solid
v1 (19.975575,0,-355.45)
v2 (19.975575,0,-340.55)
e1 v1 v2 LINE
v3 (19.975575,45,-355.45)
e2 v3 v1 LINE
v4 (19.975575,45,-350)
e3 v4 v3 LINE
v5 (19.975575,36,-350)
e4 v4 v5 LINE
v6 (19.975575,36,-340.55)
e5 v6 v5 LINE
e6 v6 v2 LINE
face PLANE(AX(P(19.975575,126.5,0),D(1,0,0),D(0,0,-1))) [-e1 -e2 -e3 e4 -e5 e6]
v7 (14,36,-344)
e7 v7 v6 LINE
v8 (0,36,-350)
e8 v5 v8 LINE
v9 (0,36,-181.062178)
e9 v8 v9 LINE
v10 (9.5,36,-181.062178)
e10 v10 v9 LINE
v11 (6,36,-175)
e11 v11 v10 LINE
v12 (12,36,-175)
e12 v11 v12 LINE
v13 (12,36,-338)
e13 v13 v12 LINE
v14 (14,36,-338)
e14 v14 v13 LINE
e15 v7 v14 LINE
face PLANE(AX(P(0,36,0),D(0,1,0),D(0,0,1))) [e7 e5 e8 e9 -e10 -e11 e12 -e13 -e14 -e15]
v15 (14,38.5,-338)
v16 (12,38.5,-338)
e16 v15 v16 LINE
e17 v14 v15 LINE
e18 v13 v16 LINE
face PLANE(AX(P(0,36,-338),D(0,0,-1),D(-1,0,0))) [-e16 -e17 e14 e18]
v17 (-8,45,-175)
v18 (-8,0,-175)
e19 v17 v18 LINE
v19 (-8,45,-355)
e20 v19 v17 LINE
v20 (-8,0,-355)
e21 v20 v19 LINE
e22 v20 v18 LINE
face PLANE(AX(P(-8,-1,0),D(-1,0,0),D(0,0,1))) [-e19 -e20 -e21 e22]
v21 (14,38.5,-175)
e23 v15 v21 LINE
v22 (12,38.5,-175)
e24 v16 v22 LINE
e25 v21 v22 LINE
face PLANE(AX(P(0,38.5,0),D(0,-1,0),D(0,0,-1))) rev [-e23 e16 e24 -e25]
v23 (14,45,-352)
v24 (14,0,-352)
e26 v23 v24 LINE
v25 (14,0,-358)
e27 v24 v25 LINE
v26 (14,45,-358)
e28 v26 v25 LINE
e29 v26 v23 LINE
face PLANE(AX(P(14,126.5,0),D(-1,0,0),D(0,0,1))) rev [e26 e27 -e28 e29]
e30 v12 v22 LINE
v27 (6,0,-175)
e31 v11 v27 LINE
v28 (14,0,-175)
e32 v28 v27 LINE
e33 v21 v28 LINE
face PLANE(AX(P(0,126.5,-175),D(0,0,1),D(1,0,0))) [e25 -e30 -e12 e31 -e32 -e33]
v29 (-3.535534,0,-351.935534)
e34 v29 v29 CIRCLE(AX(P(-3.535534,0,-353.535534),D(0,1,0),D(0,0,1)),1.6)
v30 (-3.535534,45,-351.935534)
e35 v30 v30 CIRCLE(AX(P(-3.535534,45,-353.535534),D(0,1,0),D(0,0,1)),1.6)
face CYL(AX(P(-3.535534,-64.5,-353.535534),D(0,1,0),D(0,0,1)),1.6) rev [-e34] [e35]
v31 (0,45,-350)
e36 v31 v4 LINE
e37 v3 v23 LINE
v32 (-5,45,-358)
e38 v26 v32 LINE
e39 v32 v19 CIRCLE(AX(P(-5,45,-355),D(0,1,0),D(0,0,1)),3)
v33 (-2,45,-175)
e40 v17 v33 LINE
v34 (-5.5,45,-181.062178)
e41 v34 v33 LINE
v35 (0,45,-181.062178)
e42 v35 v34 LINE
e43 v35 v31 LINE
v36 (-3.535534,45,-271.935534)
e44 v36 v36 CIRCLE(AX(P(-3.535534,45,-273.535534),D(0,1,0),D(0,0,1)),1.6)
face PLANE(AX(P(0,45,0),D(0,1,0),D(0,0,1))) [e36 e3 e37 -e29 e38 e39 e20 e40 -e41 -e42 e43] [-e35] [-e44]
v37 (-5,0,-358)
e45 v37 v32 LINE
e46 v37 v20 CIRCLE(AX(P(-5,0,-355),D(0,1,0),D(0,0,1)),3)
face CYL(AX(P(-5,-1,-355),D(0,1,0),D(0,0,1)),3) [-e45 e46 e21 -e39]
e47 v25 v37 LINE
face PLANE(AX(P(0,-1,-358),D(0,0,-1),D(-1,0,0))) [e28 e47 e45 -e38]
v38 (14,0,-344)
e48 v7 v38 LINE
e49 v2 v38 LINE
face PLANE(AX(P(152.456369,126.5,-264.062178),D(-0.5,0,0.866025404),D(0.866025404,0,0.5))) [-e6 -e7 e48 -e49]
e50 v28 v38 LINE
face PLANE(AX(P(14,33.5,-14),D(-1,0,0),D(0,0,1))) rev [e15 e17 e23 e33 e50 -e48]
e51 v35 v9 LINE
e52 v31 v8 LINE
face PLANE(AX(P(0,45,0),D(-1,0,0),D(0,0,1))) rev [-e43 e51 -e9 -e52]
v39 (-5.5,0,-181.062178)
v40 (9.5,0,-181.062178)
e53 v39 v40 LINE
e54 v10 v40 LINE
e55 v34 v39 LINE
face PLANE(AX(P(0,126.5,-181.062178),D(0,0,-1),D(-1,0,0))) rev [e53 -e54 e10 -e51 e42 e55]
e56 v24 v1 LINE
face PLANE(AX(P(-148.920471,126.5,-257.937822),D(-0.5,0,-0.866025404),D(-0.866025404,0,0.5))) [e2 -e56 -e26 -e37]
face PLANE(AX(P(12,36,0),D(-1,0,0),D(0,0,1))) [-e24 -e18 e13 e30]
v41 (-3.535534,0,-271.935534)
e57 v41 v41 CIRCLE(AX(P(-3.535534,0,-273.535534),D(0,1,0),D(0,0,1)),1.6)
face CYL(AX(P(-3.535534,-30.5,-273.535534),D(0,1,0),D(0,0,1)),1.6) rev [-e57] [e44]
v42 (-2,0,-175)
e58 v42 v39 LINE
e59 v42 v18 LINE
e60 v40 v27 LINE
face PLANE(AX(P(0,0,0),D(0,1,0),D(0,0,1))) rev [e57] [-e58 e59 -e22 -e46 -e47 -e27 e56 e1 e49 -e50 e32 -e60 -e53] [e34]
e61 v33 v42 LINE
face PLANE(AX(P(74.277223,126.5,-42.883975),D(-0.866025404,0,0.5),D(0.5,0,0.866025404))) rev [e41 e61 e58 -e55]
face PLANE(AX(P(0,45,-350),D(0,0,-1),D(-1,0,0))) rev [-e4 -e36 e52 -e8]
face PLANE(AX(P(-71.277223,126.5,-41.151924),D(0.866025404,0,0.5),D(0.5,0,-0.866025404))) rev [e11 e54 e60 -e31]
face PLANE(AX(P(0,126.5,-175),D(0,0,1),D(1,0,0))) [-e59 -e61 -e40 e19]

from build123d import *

# Parameters (mm, degrees)
SKETCH_1_W           = 270
SKETCH_1_H           = 370
SKETCH_1_W_2         = 250
SKETCH_1_H_2         = 350
EXTRUDE_2_DEPTH      = 45
SKETCH_4_W           = 250
SKETCH_4_H           = 350
SKETCH_4_W_2         = 222
SKETCH_4_H_2         = 322
EXTRUDE_3_DEPTH      = 5
SKETCH_9_W           = 246
SKETCH_9_H           = 346
SKETCH_9_W_2         = 226
SKETCH_9_H_2         = 326
CUT_EXTRUDE_3_DEPTH  = 2.5
SKETCH_12_R          = 1.6
CUT_EXTRUDE_5_DEPTH  = 109.5
FILLET_1_R           = 5
SKETCH_13_W          = 250
SKETCH_13_H          = 350
SKETCH_13_W_2        = 222
SKETCH_13_H_2        = 322
EXTRUDE_4_DEPTH      = 33.5
CUT_EXTRUDE_START    = -126.5
SKETCH_14_R          = 1.6
CUT_EXTRUDE_10_DEPTH = 126.5
CUT_EXTRUDE_11_DEPTH = 46
CUT_EXTRUDE_13_DEPTH = 2.5
SKETCH_17_R          = 1.6
CUT_EXTRUDE_14_DEPTH = 75.5


with BuildPart() as part:
    # 草图1 → 凸台-拉伸2 (new body)
    with BuildSketch(Plane(origin=(0, 0, 0), x_dir=(1, 0, 0), z_dir=(0, 1, 0))):
        with Locations((125, 175)):
            Rectangle(SKETCH_1_W, SKETCH_1_H)
        with Locations((125, 175)):
            Rectangle(SKETCH_1_W_2, SKETCH_1_H_2, mode=Mode.SUBTRACT)
    extrude(amount=EXTRUDE_2_DEPTH)

    # 草图4 → 凸台-拉伸3 (add)
    with BuildSketch(Plane(origin=(0, 38.5, 0), x_dir=(1, 0, 0), z_dir=(0, 1, 0))):
        with Locations((125, 175)):
            Rectangle(SKETCH_4_W, SKETCH_4_H)
        with Locations((125, 175)):
            Rectangle(SKETCH_4_W_2, SKETCH_4_H_2, mode=Mode.SUBTRACT)
    extrude(amount=-EXTRUDE_3_DEPTH)

    # 草图9 → 切除-拉伸3 (cut)
    with BuildSketch(Plane(origin=(0, 38.5, 0), x_dir=(1, 0, 0), z_dir=(0, 1, 0))):
        with Locations((125, 175)):
            Rectangle(SKETCH_9_W, SKETCH_9_H)
        with Locations((125, 175)):
            Rectangle(SKETCH_9_W_2, SKETCH_9_H_2, mode=Mode.SUBTRACT)
    extrude(amount=-CUT_EXTRUDE_3_DEPTH, mode=Mode.SUBTRACT)

    # 草图12 → 切除-拉伸5 (cut)
    with BuildSketch(Plane(origin=(0, 45, 0), x_dir=(1, 0, 0), z_dir=(0, 1, 0))):
        with Locations(Location((-3.535533906, -3.535533906, 0), (0, 0, 270))):
            Circle(SKETCH_12_R)
        with BuildLine():
            ThreePointArc((-4.666904756, 354.666904756), (-4.666904756, 352.404163056), (-2.404163056, 352.404163056))
            Line((-2.404163056, 352.404163056), (-4.666904756, 354.666904756))
        make_face()
        with BuildLine():
            Line((-4.666904756, 354.666904756), (-2.404163056, 352.404163056))
            ThreePointArc((-2.404163056, 352.404163056), (-2.057326654, 352.923240414), (-1.935533906, 353.535533906))
            ThreePointArc((-1.935533906, 353.535533906), (-2.923240414, 355.013741158), (-4.666904756, 354.666904756))
        make_face()
        with Locations(Location((253.535533906, 353.535533906, 0), (0, 0, 270))):
            Circle(SKETCH_12_R)
        with Locations(Location((253.535533906, -3.535533906, 0), (0, 0, 270))):
            Circle(SKETCH_12_R)
    extrude(amount=-CUT_EXTRUDE_5_DEPTH, mode=Mode.SUBTRACT)

    # 圆角1
    fillet_1_edges = [part.edges().sort_by_distance(p)[0] for p in [
        (-10, 22.5, 10),
        (-10, 22.5, -360),
        (260, 22.5, -360),
        (260, 22.5, 10),
    ]]
    fillet(fillet_1_edges, radius=FILLET_1_R)

    # 草图13 → 凸台-拉伸4 (add)
    with BuildSketch(Plane.XZ.offset(-33.5)):
        with Locations((125, -175)):
            Rectangle(SKETCH_13_W, SKETCH_13_H)
        with Locations((125, -175)):
            Rectangle(SKETCH_13_W_2, SKETCH_13_H_2, mode=Mode.SUBTRACT)
    extrude(amount=EXTRUDE_4_DEPTH)

    # 草图14 → 切除-拉伸10 (cut)
    # profile 1 of 10: a face of its own
    with BuildSketch(Plane.XZ.offset(CUT_EXTRUDE_START)):
        with BuildLine():
            Line((14, -175), (14, -14))
            Line((14, -14), (14, -6))
            Line((14, -6), (14, 2))
            Line((14, 2), (14, 10))
            Line((14, 10), (-5, 10))
            ThreePointArc((-5, 10), (-8.535533906, 8.535533906), (-10, 5))
            Line((-10, 5), (-10, -175))
            Line((-10, -175), (-2, -175))
            Line((-2, -175), (6, -175))
            Line((6, -175), (14, -175))
        make_face()
        with Locations((-3.535533906, 3.535533906)):
            Circle(SKETCH_14_R, mode=Mode.SUBTRACT)
    # profile 2 of 10: a face of its own
    with BuildSketch(Plane.XZ.offset(CUT_EXTRUDE_START)):
        Polygon((9.5, -181.062177826), (6, -175), (-2, -175), (-5.5, -181.062177826), align=None)
    # profile 3 of 10: a face of its own
    with BuildSketch(Plane.XZ.offset(CUT_EXTRUDE_START)):
        with Locations((-3.535533906, 3.535533906)):
            Circle(SKETCH_14_R)
    # profile 4 of 10: a face of its own
    with BuildSketch(Plane.XZ.offset(CUT_EXTRUDE_START)):
        Polygon((14, -6), (14, -14), (125, -14), (125, 10), (14, 10), (14, 2), (19.975575286, 5.45), (19.975575286, -9.45), align=None)
    # profile 5 of 10: a face of its own
    with BuildSketch(Plane.XZ.offset(CUT_EXTRUDE_START)):
        Polygon((14, 2), (14, -6), (19.975575286, -9.45), (19.975575286, 5.45), align=None)
    # profile 6 of 10: a face of its own
    with BuildSketch(Plane.XZ.offset(CUT_EXTRUDE_START)):
        Polygon((125, 10), (125, -14), (236, -14), (236, -6), (230.024424714, -9.45), (230.024424714, 5.45), (236, 2), (236, 10), align=None)
    # profile 7 of 10: a face of its own
    with BuildSketch(Plane.XZ.offset(CUT_EXTRUDE_START)):
        Polygon((230.024424714, -9.45), (236, -6), (236, 2), (230.024424714, 5.45), align=None)
    # profile 8 of 10: a face of its own
    with BuildSketch(Plane.XZ.offset(CUT_EXTRUDE_START)):
        with BuildLine():
            Line((236, -336), (14, -336))
            Line((14, -336), (14, -344))
            Line((14, -344), (19.975575286, -340.55))
            Line((19.975575286, -340.55), (19.975575286, -355.45))
            Line((19.975575286, -355.45), (14, -352))
            Line((14, -352), (14, -360))
            Line((14, -360), (255, -360))
            ThreePointArc((255, -360), (258.535533906, -358.535533906), (260, -355))
            Line((260, -355), (260, 5))
            ThreePointArc((260, 5), (258.535533906, 8.535533906), (255, 10))
            Line((255, 10), (236, 10))
            Line((236, 10), (236, 2))
            Line((236, 2), (236, -6))
            Line((236, -6), (236, -14))
            Line((236, -14), (236, -336))
        make_face()
        with Locations((253.535533906, -353.535533906)):
            Circle(SKETCH_14_R, mode=Mode.SUBTRACT)
        with Locations((253.535533906, 3.535533906)):
            Circle(SKETCH_14_R, mode=Mode.SUBTRACT)
    # profile 9 of 10: a face of its own
    with BuildSketch(Plane.XZ.offset(CUT_EXTRUDE_START)):
        with Locations((253.535533906, 3.535533906)):
            Circle(SKETCH_14_R)
    # profile 10 of 10: a face of its own
    with BuildSketch(Plane.XZ.offset(CUT_EXTRUDE_START)):
        with Locations((253.535533906, -353.535533906)):
            Circle(SKETCH_14_R)
    extrude(amount=CUT_EXTRUDE_10_DEPTH, mode=Mode.SUBTRACT)

    # 草图15 → 切除-拉伸11 (cut)
    with BuildSketch(Plane(origin=(0, 45, 0), x_dir=(1, 0, 0), z_dir=(0, 1, 0))):
        with BuildLine():
            Line((-5, 358), (12, 358))
            Line((12, 358), (14, 358))
            Line((14, 358), (14, 360))
            Line((14, 360), (-5, 360))
            ThreePointArc((-5, 360), (-8.535533906, 358.535533906), (-10, 355))
            Line((-10, 355), (-10, 175))
            Line((-10, 175), (-8, 175))
            Line((-8, 175), (-8, 177))
            Line((-8, 177), (-8, 355))
            ThreePointArc((-8, 355), (-7.121320344, 357.121320344), (-5, 358))
        make_face()
    extrude(amount=-CUT_EXTRUDE_11_DEPTH, mode=Mode.SUBTRACT)

    # 草图16 → 切除-拉伸13 (cut)
    with BuildSketch(Plane(origin=(0, 38.5, 0), x_dir=(1, 0, 0), z_dir=(0, 1, 0))):
        Polygon((19.975575286, 348), (19.975575286, 350), (0, 350), (0, 181.062177826), (2, 181.062177826), (2, 348), align=None)
    extrude(amount=-CUT_EXTRUDE_13_DEPTH, mode=Mode.SUBTRACT)

    # 草图17 → 切除-拉伸14 (cut)
    with BuildSketch(Plane(origin=(0, 45, 0), x_dir=(1, 0, 0), z_dir=(0, 1, 0))):
        with Locations(Location((-3.535533906, 273.535533906, 0), (0, 0, 270))):
            Circle(SKETCH_17_R)
    extrude(amount=-CUT_EXTRUDE_14_DEPTH, mode=Mode.SUBTRACT)


solid = part.part
